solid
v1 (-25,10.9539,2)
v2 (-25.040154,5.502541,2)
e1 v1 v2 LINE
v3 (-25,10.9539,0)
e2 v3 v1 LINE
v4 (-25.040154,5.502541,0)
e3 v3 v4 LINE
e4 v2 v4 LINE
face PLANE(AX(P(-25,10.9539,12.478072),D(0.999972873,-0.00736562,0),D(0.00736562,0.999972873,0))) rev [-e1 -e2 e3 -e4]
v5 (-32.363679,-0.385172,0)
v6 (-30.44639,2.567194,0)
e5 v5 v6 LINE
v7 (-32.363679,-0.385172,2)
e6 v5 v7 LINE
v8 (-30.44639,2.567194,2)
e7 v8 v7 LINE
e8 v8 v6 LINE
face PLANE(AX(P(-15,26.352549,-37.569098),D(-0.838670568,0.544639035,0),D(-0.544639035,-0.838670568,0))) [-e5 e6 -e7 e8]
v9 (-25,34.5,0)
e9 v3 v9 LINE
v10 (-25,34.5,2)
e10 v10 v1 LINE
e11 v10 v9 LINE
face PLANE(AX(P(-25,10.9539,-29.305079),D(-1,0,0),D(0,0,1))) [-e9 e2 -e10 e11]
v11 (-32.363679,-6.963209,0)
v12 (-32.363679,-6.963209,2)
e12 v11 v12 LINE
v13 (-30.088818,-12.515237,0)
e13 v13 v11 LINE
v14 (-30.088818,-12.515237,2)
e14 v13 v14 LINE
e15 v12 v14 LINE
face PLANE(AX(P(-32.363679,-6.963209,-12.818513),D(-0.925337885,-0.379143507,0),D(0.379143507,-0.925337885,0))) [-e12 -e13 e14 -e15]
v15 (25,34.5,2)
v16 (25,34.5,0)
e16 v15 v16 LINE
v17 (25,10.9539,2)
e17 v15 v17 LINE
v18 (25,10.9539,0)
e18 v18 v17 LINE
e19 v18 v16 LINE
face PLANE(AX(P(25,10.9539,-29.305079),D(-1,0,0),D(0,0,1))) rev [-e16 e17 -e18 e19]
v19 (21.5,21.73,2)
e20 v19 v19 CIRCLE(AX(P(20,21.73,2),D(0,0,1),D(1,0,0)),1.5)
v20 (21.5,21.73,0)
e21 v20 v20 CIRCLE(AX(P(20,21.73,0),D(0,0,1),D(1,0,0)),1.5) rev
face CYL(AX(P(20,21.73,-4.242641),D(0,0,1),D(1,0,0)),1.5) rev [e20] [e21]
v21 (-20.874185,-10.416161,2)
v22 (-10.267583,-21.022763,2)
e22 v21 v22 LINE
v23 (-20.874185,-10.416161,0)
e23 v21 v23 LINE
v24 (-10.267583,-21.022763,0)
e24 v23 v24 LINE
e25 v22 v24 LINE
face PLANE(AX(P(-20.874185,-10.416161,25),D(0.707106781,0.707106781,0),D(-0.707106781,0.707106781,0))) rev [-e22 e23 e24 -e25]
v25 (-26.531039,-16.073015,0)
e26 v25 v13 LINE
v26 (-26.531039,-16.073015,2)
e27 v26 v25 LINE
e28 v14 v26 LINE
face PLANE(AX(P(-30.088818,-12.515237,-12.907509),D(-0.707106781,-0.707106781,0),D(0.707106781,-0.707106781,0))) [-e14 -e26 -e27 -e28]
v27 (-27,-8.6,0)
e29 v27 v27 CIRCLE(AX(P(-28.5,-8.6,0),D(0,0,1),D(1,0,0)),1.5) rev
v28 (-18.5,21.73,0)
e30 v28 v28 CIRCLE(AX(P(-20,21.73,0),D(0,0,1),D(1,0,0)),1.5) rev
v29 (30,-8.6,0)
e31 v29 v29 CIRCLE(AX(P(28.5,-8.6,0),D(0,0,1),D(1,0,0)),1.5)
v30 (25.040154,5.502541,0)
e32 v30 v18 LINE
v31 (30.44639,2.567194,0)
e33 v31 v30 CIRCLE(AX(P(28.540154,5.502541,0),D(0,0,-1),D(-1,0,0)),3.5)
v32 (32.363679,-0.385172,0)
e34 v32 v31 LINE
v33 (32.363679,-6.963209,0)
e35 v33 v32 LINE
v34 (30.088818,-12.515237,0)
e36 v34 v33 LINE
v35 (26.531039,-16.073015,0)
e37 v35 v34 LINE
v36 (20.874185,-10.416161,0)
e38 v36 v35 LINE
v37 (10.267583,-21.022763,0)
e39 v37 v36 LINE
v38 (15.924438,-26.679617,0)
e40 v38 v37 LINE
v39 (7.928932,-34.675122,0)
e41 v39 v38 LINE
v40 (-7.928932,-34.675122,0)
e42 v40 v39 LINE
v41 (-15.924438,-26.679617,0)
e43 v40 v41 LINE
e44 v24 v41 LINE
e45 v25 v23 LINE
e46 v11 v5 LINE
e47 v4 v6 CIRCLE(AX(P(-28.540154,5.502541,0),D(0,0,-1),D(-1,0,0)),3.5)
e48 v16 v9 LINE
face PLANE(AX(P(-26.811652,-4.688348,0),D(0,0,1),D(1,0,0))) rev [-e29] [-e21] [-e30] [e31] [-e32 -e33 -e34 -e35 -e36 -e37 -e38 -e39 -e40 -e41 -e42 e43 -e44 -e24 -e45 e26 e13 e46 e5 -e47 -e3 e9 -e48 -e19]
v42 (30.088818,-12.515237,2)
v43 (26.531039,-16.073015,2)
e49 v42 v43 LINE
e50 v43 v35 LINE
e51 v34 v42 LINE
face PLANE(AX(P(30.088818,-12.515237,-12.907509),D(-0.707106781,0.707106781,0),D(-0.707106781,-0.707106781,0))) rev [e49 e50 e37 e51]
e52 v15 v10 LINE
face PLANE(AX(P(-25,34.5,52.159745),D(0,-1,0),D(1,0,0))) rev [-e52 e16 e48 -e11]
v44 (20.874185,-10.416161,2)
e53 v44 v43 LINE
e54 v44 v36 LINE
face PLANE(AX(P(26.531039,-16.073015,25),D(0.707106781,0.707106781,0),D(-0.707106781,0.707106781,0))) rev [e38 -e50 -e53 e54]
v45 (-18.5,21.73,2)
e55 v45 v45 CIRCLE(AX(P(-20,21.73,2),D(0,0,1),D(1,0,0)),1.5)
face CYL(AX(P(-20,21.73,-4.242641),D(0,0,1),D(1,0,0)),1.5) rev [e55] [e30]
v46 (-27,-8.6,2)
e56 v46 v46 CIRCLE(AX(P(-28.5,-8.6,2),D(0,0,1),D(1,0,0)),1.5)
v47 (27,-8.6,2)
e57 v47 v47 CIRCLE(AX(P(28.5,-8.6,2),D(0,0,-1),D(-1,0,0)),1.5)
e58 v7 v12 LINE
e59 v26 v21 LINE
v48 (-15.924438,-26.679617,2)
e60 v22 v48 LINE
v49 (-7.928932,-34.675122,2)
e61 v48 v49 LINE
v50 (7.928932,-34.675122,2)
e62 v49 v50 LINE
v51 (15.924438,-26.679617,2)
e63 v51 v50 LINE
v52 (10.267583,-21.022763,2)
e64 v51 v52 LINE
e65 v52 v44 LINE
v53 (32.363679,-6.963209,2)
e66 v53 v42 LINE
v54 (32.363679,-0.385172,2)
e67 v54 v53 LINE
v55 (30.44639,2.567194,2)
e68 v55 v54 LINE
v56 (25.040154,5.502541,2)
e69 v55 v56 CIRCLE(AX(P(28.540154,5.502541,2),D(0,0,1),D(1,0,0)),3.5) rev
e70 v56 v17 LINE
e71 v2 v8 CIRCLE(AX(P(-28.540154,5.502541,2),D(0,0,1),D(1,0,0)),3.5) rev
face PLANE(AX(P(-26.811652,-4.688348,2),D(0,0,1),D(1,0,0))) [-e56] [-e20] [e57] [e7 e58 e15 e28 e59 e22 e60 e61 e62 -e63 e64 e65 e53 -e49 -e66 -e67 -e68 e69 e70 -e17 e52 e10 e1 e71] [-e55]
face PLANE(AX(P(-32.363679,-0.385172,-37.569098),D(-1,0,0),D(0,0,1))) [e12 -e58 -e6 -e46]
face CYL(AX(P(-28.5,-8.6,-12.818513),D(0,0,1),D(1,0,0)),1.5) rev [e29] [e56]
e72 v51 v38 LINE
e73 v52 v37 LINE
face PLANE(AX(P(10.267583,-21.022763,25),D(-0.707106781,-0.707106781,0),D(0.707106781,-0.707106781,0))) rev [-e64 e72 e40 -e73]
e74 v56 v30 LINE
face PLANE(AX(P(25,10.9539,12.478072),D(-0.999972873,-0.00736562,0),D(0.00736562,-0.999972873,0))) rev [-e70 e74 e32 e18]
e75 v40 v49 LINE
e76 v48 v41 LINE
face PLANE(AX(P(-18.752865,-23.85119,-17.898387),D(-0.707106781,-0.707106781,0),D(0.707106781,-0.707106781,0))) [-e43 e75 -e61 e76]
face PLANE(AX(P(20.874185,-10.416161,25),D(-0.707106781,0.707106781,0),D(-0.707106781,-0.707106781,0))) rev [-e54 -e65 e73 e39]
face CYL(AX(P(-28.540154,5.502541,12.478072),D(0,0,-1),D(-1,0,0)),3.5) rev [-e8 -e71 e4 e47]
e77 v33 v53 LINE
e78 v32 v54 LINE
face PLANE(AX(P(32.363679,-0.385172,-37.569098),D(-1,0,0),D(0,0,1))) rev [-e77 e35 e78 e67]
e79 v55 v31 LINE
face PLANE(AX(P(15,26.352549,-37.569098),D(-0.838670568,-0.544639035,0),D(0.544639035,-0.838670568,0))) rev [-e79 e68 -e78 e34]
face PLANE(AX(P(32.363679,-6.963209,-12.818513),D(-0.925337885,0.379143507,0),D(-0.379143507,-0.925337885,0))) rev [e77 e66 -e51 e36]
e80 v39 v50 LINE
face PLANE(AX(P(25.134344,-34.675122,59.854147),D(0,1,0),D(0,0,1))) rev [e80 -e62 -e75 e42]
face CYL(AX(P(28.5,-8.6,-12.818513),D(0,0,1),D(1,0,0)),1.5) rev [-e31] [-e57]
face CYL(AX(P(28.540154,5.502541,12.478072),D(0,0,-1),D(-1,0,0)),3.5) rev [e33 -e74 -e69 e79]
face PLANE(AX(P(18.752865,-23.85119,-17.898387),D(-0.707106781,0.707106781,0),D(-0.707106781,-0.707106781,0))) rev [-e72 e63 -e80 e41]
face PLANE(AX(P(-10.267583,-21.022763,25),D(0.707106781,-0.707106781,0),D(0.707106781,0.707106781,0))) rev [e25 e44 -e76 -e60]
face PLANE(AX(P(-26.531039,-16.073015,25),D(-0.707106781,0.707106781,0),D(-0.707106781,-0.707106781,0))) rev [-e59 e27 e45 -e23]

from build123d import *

# Parameters (mm, degrees)
EXTRUDE1_DEPTH  = 2
SKETCH4_R       = 1.5
EXTRUDE3_DEPTH  = 2
EXTRUDE5_DEPTH  = 2
FILLET2_R       = 3
SKETCH7_R       = 1.5
EXTRUDE6_DEPTH  = 2
EXTRUDE7_DEPTH  = 2
EXTRUDE8_DEPTH  = 2
EXTRUDE9_DEPTH  = 2
EXTRUDE10_DEPTH = 2
EXTRUDE11_DEPTH = 2
SKETCH13_W      = 52.444820885
SKETCH13_H      = 24.426279397
EXTRUDE12_DEPTH = 2
SKETCH14_R      = 1.5
EXTRUDE13_DEPTH = 2
EXTRUDE14_DEPTH = 2
EXTRUDE15_DEPTH = 2
SKETCH17_W      = 50
SKETCH17_H      = 4
EXTRUDE17_DEPTH = 2


with BuildPart() as part:
    # Sketch1 → Extrude1 (new body)
    with BuildSketch(Plane.XY):
        Polygon((-15, 13.5), (-15, 38.5), (15, 38.5), (15, 13.5), (26.811651575, -4.688348425), (15, -16.5), (15, -26.5), (7.928932188, -33.571067812), (7.928932188, -52.571067812), (-7.928932188, -52.571067812), (-7.928932188, -33.571067812), (-15, -26.5), (-15, -16.5), (-26.811651575, -4.688348425), align=None)
    extrude(amount=EXTRUDE1_DEPTH)

    # Sketch4 → Extrude3 (add)
    with BuildSketch(Plane.XY.offset(2)):
        Polygon((-26.811651575, -4.688348425), (-32.363678884, -6.963209468), (-30.088817841, -12.515236776), (-22.212122569, -9.287877431), align=None)
        with Locations((-28.5, -8.6)):
            Circle(SKETCH4_R, mode=Mode.SUBTRACT)
    extrude3 = extrude(amount=-EXTRUDE3_DEPTH)

    # Mirror1: Extrude3 across plane
    add(extrude3.mirror(Plane(origin=(0, 0, 0), x_dir=(0, 0, 1), z_dir=(1, 0, 0))))

    # Sketch6 → Extrude5 (add)
    with BuildSketch(Plane.XY.offset(2)):
        Polygon((0, -44.571067812), (-7.928932188, -44.571067812), (-18, -54.642135624), (18, -54.642135624), (7.928932188, -44.571067812), align=None)
    extrude(amount=-EXTRUDE5_DEPTH)

    # Fillet2
    fillet2_edges = [part.edges().sort_by_distance(p)[0] for p in [
        (18, -54.642135624, 1),
        (-18, -54.642135624, 1),
    ]]
    fillet(fillet2_edges, radius=FILLET2_R)

    # Sketch7 → Extrude6 (cut)
    with BuildSketch(Plane.XY.offset(2)):
        with Locations((-11, -52.002135624)):
            Circle(SKETCH7_R)
    extrude6 = extrude(amount=-EXTRUDE6_DEPTH, mode=Mode.SUBTRACT)

    # Mirror4: Extrude6 across plane
    add(extrude6.mirror(Plane(origin=(0, 0, 0), x_dir=(0, 0, 1), z_dir=(1, 0, 0))), mode=Mode.SUBTRACT)

    # Sketch8 → Extrude7 (add)
    with BuildSketch(Plane.XY.offset(2)):
        Polygon((-26.811651575, -4.688348425), (-32.363678884, -6.963209468), (-32.363678884, -0.385171544), (-15, 26.352549211), (-15, 13.5), align=None)
    extrude7 = extrude(amount=-EXTRUDE7_DEPTH)

    # Sketch9 → Extrude8 (add)
    with BuildSketch(Plane.XY.offset(2)):
        Polygon((-22.212122569, -9.287877431), (-25.22165278, -10.520987907), (-15, -20.742640687), (-15, -16.5), align=None)
    extrude8 = extrude(amount=-EXTRUDE8_DEPTH)

    # Sketch10 → Extrude9 (add)
    with BuildSketch(Plane.XY.offset(2)):
        Polygon((-25.22165278, -10.520987907), (-30.088817841, -12.515236776), (-23.702612277, -18.90144234), (-20.271905312, -15.470735375), align=None)
    extrude9 = extrude(amount=-EXTRUDE9_DEPTH)

    # Sketch11 → Extrude10 (add)
    with BuildSketch(Plane.XY.offset(2)):
        Polygon((-15.322157844, -20.420482843), (-18.752864809, -23.851189808), (-7.928932188, -34.675122429), (-7.928932188, -33.571067812), (-15, -26.5), (-15, -20.742640687), align=None)
    extrude10 = extrude(amount=-EXTRUDE10_DEPTH)

    # Sketch12 → Extrude11 (add)
    with BuildSketch(Plane.XY.offset(2)):
        Polygon((-25, 10.953899573), (-25, 38.5), (-15, 38.5), (-15, 26.352549211), align=None)
    extrude11 = extrude(amount=-EXTRUDE11_DEPTH)

    # Mirror5: Extrude7, Extrude8, Extrude9, Extrude10 across plane
    add(extrude7.mirror(Plane(origin=(0, 0, 0), x_dir=(0, 0, 1), z_dir=(1, 0, 0))))
    add(extrude8.mirror(Plane(origin=(0, 0, 0), x_dir=(0, 0, 1), z_dir=(1, 0, 0))))
    add(extrude9.mirror(Plane(origin=(0, 0, 0), x_dir=(0, 0, 1), z_dir=(1, 0, 0))))
    add(extrude10.mirror(Plane(origin=(0, 0, 0), x_dir=(0, 0, 1), z_dir=(1, 0, 0))))

    # Mirror6: Extrude11 across plane
    add(extrude11.mirror(Plane(origin=(0, 0, 0), x_dir=(0, 0, 1), z_dir=(1, 0, 0))))

    # Sketch13 → Extrude12 (cut)
    with BuildSketch(Plane(origin=(0, 0, 0), x_dir=(-1, 0, 0), z_dir=(0, 0, -1))):
        with Locations((1.088066824, -46.888262128)):
            Rectangle(SKETCH13_W, SKETCH13_H)
    extrude(amount=-EXTRUDE12_DEPTH, mode=Mode.SUBTRACT)

    # Sketch14 → Extrude13 (cut)
    with BuildSketch(Plane.XY.offset(2)):
        with Locations((-20, 21.73)):
            Circle(SKETCH14_R)
        with Locations((20, 21.73)):
            Circle(SKETCH14_R)
    extrude(amount=-EXTRUDE13_DEPTH, mode=Mode.SUBTRACT)

    # Sketch15 → Extrude14 (cut)
    with BuildSketch(Plane(origin=(0, 0, 0), x_dir=(-1, 0, 0), z_dir=(0, 0, -1))):
        Polygon((26.531039402, -16.073015215), (20.874185152, -10.416160966), (10.267583435, -21.022762684), (15.924437684, -26.679616933), align=None)
        Polygon((-26.531039402, -16.073015215), (-20.874185152, -10.416160966), (-10.267583435, -21.022762684), (-15.924437684, -26.679616933), align=None)
    extrude(amount=-EXTRUDE14_DEPTH, mode=Mode.SUBTRACT)

    # Sketch16 → Extrude15 (cut)
    with BuildSketch(Plane(origin=(0, 0, 0), x_dir=(-1, 0, 0), z_dir=(0, 0, -1))):
        with BuildLine():
            Line((-25, 10.953899573), (-25.040153728, 5.502540882))
            ThreePointArc((-25.040153728, 5.502540882), (-26.870098067, 2.426680987), (-30.44639035, 2.567193894))
            Line((-30.44639035, 2.567193894), (-25, 10.953899573))
        make_face()
        with BuildLine():
            Line((25, 10.953899573), (25.040153728, 5.502540882))
            ThreePointArc((25.040153728, 5.502540882), (26.870098067, 2.426680987), (30.44639035, 2.567193894))
            Line((30.44639035, 2.567193894), (25, 10.953899573))
        make_face()
    extrude(amount=-EXTRUDE15_DEPTH, mode=Mode.SUBTRACT)

    # Sketch17 → Extrude17 (cut)
    with BuildSketch(Plane(origin=(0, 0, 0), x_dir=(-1, 0, 0), z_dir=(0, 0, -1))):
        with Locations((0, 36.5)):
            Rectangle(SKETCH17_W, SKETCH17_H)
    extrude(amount=-EXTRUDE17_DEPTH, mode=Mode.SUBTRACT)


solid = part.part
